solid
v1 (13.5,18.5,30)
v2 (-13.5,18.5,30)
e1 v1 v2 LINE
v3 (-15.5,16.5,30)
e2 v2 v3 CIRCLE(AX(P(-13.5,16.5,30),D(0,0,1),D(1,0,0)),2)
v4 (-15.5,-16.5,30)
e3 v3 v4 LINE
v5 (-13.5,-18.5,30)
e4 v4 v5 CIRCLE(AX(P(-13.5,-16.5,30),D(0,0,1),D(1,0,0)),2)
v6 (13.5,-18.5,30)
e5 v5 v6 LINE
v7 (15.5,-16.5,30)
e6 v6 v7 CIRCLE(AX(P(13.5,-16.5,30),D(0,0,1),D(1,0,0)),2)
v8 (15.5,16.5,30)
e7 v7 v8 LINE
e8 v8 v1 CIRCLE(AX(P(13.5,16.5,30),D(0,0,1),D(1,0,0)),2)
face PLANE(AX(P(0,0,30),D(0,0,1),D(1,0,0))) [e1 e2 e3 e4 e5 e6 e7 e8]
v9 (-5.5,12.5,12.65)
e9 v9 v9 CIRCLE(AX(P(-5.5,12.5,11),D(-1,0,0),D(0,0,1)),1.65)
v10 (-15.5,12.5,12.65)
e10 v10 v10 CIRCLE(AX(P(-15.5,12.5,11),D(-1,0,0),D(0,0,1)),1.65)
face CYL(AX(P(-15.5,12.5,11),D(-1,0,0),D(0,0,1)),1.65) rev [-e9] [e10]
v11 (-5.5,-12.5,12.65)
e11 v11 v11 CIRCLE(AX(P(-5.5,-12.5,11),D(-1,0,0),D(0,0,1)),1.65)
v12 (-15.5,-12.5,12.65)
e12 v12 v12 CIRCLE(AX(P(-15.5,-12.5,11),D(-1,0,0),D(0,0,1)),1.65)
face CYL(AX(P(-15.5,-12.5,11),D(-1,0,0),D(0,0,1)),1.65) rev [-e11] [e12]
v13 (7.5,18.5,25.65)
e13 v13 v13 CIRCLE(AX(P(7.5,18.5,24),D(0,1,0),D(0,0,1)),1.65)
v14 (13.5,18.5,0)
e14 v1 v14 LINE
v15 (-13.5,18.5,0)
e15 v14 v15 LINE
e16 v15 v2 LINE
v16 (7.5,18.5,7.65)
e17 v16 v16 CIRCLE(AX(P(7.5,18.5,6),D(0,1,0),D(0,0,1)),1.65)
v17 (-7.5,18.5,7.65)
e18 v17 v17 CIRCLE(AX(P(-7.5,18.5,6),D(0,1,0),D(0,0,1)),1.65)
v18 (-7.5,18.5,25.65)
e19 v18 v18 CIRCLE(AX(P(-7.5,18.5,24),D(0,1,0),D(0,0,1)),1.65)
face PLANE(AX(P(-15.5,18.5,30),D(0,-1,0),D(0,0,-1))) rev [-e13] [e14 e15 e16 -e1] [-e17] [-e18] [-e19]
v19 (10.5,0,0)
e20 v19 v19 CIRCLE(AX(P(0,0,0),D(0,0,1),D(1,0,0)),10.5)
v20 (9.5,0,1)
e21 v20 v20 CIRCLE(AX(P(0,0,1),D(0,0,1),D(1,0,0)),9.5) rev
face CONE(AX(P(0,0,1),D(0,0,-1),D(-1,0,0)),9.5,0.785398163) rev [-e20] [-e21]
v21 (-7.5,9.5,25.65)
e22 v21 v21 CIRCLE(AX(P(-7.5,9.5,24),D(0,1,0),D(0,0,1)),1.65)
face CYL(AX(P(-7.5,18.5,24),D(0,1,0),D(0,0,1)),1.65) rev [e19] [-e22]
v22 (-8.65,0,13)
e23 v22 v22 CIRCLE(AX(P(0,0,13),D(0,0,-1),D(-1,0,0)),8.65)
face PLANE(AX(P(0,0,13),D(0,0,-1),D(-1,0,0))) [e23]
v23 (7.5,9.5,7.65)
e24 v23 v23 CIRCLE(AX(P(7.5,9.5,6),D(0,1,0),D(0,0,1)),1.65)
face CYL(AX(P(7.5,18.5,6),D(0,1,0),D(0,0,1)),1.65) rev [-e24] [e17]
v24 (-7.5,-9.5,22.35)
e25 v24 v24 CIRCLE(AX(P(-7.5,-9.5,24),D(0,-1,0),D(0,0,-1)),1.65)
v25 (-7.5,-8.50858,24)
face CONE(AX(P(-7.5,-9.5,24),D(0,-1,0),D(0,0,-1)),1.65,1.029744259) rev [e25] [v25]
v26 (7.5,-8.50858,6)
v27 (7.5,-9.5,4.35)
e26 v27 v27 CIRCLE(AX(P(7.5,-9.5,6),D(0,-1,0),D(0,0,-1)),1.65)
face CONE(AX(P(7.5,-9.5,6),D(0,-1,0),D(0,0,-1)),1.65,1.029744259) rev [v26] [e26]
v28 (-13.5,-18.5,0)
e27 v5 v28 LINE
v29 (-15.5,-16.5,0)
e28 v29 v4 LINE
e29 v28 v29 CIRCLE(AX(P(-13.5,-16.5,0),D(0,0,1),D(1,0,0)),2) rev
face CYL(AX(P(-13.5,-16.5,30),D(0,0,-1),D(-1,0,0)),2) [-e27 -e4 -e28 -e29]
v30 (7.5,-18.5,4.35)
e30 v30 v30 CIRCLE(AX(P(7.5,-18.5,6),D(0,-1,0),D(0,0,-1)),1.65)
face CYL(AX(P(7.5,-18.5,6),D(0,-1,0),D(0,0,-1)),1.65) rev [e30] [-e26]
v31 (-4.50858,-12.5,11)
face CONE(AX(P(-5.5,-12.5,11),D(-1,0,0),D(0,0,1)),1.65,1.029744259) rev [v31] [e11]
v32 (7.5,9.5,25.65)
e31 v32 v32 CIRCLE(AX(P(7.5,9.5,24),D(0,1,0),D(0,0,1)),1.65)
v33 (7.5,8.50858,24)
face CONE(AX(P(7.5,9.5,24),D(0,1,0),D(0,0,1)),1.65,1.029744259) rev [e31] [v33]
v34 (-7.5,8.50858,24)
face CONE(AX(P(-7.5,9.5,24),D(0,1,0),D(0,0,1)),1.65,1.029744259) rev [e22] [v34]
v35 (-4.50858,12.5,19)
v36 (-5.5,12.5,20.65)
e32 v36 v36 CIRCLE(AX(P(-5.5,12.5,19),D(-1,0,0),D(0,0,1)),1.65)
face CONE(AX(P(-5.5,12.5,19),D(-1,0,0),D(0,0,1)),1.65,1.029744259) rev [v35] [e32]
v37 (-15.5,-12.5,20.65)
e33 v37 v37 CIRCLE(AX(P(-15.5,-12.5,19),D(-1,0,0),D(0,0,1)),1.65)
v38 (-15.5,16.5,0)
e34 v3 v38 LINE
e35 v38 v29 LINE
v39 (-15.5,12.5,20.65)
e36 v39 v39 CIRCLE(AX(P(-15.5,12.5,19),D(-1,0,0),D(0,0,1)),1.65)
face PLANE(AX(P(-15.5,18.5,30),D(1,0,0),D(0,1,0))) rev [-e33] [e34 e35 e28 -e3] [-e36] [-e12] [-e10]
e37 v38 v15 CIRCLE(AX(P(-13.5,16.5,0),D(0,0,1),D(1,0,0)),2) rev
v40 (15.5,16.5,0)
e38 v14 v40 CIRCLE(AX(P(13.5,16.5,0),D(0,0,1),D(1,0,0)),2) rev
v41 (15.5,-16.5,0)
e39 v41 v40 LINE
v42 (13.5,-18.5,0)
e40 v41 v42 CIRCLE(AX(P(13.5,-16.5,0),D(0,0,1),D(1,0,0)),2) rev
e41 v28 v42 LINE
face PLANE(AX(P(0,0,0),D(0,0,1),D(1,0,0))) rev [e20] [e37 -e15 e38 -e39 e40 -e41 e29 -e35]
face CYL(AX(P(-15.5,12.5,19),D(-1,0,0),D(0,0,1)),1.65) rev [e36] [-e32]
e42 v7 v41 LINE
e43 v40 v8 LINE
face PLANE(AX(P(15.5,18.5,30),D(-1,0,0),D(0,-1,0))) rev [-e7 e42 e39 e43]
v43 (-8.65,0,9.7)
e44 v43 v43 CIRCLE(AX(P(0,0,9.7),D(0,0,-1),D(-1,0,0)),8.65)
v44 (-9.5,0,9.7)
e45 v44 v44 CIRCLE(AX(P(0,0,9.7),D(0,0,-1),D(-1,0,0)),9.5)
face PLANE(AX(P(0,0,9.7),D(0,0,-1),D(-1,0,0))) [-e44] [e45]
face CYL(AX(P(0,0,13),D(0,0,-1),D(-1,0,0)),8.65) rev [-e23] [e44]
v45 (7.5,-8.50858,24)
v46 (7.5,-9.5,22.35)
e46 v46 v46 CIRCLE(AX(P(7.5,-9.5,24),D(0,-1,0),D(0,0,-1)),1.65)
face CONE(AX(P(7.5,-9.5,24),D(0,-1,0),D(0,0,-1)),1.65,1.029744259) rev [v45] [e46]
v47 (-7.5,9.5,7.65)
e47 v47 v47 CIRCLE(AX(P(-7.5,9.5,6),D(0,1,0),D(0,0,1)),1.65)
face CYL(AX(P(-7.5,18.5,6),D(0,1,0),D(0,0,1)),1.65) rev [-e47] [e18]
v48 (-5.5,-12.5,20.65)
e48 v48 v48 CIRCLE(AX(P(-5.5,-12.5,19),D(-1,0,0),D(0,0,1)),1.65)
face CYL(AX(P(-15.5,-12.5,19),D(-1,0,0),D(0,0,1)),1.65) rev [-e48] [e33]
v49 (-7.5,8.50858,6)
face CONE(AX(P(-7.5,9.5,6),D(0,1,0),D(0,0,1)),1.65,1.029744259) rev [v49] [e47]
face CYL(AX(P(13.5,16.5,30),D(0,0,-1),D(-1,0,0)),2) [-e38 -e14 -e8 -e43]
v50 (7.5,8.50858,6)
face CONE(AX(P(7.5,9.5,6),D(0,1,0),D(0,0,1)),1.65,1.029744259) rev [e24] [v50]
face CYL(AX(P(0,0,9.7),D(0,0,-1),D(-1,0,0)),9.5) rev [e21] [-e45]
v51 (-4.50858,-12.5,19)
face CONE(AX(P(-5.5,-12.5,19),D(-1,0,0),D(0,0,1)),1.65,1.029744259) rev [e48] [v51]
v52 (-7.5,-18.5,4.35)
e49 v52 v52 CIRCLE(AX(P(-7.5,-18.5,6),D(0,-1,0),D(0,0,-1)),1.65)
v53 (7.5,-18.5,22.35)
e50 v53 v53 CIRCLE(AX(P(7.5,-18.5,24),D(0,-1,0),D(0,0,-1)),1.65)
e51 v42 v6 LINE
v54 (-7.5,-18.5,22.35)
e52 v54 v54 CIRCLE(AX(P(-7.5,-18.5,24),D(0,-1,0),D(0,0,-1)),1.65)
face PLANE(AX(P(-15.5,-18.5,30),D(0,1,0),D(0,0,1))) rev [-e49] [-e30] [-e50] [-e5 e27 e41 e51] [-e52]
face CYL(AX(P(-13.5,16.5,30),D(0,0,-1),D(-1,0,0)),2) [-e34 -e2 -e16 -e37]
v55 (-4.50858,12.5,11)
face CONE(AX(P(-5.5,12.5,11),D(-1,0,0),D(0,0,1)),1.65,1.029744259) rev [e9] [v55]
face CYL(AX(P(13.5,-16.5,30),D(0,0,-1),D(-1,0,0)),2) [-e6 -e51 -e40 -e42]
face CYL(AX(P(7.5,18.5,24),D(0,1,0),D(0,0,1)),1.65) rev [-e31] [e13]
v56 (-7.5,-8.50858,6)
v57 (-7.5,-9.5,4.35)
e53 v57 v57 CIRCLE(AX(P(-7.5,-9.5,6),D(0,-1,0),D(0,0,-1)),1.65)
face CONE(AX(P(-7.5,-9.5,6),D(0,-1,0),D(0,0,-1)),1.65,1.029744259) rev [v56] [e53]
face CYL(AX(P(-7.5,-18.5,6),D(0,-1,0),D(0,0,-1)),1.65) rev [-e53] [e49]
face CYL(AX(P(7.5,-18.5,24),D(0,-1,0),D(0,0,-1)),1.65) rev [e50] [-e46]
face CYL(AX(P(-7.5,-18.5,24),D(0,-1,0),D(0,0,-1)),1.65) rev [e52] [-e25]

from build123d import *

# Parameters (mm, degrees)
SKETCH_1_W                  = 31
SKETCH_1_H                  = 37
EXTRUDE_1_DEPTH             = 30
HOLE_WIZARD_M4_1_AT_2_COUNT = 2
HOLE_WIZARD_M4_1_AT_2_PITCH = 15
HOLE_WIZARD_M4_1_AT_3_COUNT = 2
HOLE_WIZARD_M4_1_AT_3_PITCH = 23.430749028
HOLE_WIZARD_M4_1_AT_4_COUNT = 2
HOLE_WIZARD_M4_1_AT_4_PITCH = 18
HOLE_WIZARD_M4_2_D          = 3.3
HOLE_WIZARD_M4_2_DEPTH      = 10
HOLE_WIZARD_M4_2_TIP        = 0.991420021
SKETCH_8_R                  = 9.5
CUT_EXTRUDE_1_DEPTH         = 9.7
SKETCH_9_R                  = 8.65
CUT_EXTRUDE_2_DEPTH         = 3.3
FILLET_1_R                  = 2
CHAMFER_1_SIZE              = 1


with BuildPart() as part:
    # 草图1 → 凸台-拉伸1 (new body)
    with BuildSketch(Plane.XY):
        Rectangle(SKETCH_1_W, SKETCH_1_H)
    extrude(amount=EXTRUDE_1_DEPTH)

    # 草图4 → M4 螺纹孔1 (revolve, cut)
    with BuildSketch(Plane(origin=(-7.5, 18.5, 6), x_dir=(0, 0, 1), z_dir=(1, 0, 0))):
        Polygon((0, 0), (0, 9.991420021), (1.65, 9), (1.65, 0), align=None)
    hole_wizard_m4_1 = revolve(axis=Axis((-7.5, 24.85, 6), (0, -1, 0)), mode=Mode.SUBTRACT)

    # M4 螺纹孔1 at 2: M4 螺纹孔1 ×2
    with Locations(*[(i * HOLE_WIZARD_M4_1_AT_2_PITCH, 0, 0) for i in range(1, HOLE_WIZARD_M4_1_AT_2_COUNT)]):
        add(hole_wizard_m4_1, mode=Mode.SUBTRACT)

    # M4 螺纹孔1 at 3: M4 螺纹孔1 ×2
    with Locations(*[Vector(0.6401843996644799, 0, 0.7682212795973757) * (i * HOLE_WIZARD_M4_1_AT_3_PITCH) for i in range(1, HOLE_WIZARD_M4_1_AT_3_COUNT)]):
        add(hole_wizard_m4_1, mode=Mode.SUBTRACT)

    # M4 螺纹孔1 at 4: M4 螺纹孔1 ×2
    with Locations(*[(0, 0, i * HOLE_WIZARD_M4_1_AT_4_PITCH) for i in range(1, HOLE_WIZARD_M4_1_AT_4_COUNT)]):
        add(hole_wizard_m4_1, mode=Mode.SUBTRACT)

    # 镜向1: M4 螺纹孔1 across plane
    add(hole_wizard_m4_1.mirror(Plane.ZX), mode=Mode.SUBTRACT)

    # 镜向1 copy 1 sketch → 镜向1 copy 1 (revolve, cut)
    with BuildSketch(Plane(origin=(7.5, -18.5, 6), x_dir=(0, 0, 1), z_dir=(1, 0, 0))):
        Polygon((0, 0), (0, -9.991420021), (1.65, -9), (1.65, 0), align=None)
    revolve(axis=Axis((7.5, -24.85, 6), (0, -1, 0)), mode=Mode.SUBTRACT)

    # 镜向1 copy 2 sketch → 镜向1 copy 2 (revolve, cut)
    with BuildSketch(Plane(origin=(7.5, -18.5, 24), x_dir=(0, 0, 1), z_dir=(1, 0, 0))):
        Polygon((0, 0), (0, -9.991420021), (1.65, -9), (1.65, 0), align=None)
    revolve(axis=Axis((7.5, -24.85, 24), (0, -1, 0)), mode=Mode.SUBTRACT)

    # 镜向1 copy 3 sketch → 镜向1 copy 3 (revolve, cut)
    with BuildSketch(Plane(origin=(-7.5, -18.5, 24), x_dir=(0, 0, 1), z_dir=(1, 0, 0))):
        Polygon((0, 0), (0, -9.991420021), (1.65, -9), (1.65, 0), align=None)
    revolve(axis=Axis((-7.5, -24.85, 24), (0, -1, 0)), mode=Mode.SUBTRACT)

    # M4 螺纹孔2
    with Locations(Plane.ZY.offset(15.5)):
        with Locations((11, 12.5), (19, 12.5), (19, -12.5), (11, -12.5)):
            Hole(HOLE_WIZARD_M4_2_D / 2, depth=HOLE_WIZARD_M4_2_DEPTH)
            with Locations((0, 0, -(HOLE_WIZARD_M4_2_DEPTH + HOLE_WIZARD_M4_2_TIP / 2))):  # 118° drill point
                Cone(0, HOLE_WIZARD_M4_2_D / 2, HOLE_WIZARD_M4_2_TIP, mode=Mode.SUBTRACT)

    # 草图8 → 切除-拉伸1 (cut)
    with BuildSketch(Plane(origin=(0, 0, 0), x_dir=(-1, 0, 0), z_dir=(0, 0, -1))):
        Circle(SKETCH_8_R)
    extrude(amount=-CUT_EXTRUDE_1_DEPTH, mode=Mode.SUBTRACT)

    # 草图9 → 切除-拉伸2 (cut)
    with BuildSketch(Plane(origin=(0, 0, 9.7), x_dir=(-1, 0, 0), z_dir=(0, 0, -1))):
        Circle(SKETCH_9_R)
    extrude(amount=-CUT_EXTRUDE_2_DEPTH, mode=Mode.SUBTRACT)

    # 圆角1
    fillet_1_edges = [part.edges().sort_by_distance(p)[0] for p in [
        (15.5, -18.5, 15),
        (-15.5, -18.5, 15),
        (-15.5, 18.5, 15),
        (15.5, 18.5, 15),
    ]]
    fillet(fillet_1_edges, radius=FILLET_1_R)

    # 倒角1
    chamfer_1_edges = [part.edges().sort_by_distance(p)[0] for p in [
        (9.5, 0, 0),
    ]]
    chamfer(chamfer_1_edges, length=CHAMFER_1_SIZE)


solid = part.part
